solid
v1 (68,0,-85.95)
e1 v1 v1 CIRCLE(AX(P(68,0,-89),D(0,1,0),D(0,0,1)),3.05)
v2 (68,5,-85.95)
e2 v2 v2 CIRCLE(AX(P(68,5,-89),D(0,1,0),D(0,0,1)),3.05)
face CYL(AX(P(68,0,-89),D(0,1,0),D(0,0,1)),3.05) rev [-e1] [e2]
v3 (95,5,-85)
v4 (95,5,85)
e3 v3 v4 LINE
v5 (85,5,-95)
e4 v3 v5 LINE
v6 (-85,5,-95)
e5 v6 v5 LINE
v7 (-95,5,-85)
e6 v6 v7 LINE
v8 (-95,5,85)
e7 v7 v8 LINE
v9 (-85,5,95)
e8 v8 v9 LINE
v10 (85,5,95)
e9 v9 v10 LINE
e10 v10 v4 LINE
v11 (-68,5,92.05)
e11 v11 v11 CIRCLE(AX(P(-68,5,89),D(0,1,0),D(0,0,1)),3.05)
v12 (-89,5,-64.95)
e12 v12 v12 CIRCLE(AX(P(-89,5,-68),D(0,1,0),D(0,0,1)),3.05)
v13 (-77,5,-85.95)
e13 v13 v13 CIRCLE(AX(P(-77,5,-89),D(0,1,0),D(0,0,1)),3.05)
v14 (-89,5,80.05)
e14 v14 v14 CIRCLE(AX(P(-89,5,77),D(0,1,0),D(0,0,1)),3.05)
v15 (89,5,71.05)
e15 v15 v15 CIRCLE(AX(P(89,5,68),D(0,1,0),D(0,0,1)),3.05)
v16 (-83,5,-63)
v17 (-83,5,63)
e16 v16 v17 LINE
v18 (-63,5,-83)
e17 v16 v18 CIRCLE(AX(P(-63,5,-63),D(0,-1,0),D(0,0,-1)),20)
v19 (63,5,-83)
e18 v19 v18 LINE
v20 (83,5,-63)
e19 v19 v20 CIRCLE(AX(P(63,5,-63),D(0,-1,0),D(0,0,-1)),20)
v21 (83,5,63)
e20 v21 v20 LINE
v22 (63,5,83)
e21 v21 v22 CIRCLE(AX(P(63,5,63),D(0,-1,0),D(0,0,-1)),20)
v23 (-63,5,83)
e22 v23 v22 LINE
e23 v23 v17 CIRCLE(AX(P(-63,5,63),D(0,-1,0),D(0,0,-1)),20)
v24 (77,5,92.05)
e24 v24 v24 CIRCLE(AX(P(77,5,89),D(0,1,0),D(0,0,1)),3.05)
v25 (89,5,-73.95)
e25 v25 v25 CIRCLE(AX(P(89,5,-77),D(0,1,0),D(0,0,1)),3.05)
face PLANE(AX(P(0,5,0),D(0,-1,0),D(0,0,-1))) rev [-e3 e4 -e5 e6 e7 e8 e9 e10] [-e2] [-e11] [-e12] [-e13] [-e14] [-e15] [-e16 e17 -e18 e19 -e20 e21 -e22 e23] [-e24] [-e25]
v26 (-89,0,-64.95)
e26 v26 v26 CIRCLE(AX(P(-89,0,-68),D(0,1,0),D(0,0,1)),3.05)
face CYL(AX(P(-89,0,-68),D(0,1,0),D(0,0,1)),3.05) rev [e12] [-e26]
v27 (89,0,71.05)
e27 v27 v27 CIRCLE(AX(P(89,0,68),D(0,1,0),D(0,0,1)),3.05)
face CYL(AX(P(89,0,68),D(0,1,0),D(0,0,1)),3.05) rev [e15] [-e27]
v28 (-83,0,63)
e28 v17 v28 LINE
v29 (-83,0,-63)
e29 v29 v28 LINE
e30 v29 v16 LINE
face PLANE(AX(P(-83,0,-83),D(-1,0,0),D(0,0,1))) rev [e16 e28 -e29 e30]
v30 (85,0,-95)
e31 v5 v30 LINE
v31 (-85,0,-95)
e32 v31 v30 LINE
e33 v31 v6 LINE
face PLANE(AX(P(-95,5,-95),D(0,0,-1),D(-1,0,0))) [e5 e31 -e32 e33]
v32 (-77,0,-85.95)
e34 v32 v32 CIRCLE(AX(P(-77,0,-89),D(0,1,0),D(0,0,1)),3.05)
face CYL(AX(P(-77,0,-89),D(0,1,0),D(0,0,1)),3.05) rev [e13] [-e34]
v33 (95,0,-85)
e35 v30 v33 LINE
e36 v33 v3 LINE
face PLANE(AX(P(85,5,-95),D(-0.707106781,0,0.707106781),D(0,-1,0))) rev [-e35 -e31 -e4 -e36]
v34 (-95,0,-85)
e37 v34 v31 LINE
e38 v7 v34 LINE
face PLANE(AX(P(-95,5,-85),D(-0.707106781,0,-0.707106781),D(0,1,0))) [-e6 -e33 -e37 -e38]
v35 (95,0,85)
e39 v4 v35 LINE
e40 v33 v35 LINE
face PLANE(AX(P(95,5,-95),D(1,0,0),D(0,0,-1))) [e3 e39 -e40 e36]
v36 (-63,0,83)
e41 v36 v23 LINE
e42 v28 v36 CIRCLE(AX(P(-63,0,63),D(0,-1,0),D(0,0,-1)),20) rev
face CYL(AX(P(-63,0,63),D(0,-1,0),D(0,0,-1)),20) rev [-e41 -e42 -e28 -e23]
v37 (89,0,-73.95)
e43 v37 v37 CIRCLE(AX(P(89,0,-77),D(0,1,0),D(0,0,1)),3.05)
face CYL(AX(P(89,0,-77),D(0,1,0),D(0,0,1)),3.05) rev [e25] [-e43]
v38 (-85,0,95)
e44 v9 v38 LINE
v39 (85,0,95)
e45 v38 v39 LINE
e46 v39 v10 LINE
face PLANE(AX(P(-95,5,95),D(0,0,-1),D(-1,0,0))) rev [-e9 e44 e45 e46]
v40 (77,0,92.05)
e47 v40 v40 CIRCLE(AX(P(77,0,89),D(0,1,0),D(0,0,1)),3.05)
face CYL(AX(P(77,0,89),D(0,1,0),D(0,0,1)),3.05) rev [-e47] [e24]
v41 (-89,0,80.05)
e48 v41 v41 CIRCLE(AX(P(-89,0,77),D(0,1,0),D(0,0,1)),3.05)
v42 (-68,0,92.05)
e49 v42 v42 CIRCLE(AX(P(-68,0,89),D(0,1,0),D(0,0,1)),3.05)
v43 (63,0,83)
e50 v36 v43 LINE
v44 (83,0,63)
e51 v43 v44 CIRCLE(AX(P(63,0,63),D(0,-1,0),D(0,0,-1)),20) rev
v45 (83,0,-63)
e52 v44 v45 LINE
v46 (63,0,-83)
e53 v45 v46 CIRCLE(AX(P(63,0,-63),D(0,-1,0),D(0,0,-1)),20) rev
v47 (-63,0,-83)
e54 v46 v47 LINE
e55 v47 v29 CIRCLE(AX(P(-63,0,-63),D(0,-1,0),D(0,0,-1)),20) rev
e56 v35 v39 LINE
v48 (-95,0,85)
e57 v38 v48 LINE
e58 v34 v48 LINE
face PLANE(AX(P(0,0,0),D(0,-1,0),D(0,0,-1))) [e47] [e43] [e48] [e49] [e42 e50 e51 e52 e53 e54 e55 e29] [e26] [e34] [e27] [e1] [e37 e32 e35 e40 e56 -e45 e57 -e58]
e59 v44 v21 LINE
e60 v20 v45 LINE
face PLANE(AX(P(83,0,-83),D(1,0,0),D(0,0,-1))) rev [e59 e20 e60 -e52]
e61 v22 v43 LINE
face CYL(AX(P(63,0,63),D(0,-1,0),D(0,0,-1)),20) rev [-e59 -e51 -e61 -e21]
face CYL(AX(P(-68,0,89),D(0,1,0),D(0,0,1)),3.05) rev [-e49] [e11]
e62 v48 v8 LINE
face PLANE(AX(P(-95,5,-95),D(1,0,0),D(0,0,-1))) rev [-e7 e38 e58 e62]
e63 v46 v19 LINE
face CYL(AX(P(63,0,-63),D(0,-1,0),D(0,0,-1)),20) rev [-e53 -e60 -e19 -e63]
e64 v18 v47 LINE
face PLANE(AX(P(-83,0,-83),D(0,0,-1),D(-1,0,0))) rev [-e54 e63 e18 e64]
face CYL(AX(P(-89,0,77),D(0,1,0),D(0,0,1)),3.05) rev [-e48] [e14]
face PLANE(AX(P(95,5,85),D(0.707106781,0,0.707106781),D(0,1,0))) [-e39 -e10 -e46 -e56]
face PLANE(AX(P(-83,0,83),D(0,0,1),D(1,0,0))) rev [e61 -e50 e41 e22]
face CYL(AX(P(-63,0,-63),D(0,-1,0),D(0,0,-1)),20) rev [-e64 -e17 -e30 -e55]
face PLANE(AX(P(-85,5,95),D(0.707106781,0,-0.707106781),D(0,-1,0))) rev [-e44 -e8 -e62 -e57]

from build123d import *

# Parameters (mm, degrees)
SKETCH1_W           = 190
SKETCH1_H           = 190
BOSS_EXTRUDE1_DEPTH = 5
SKETCH2_W           = 166
SKETCH2_H           = 166
CUT_EXTRUDE1_DEPTH  = 135.443296597
FILLET1_R           = 20
SKETCH3_R           = 3.05
CUT_EXTRUDE2_DEPTH  = 135.443296597
CHAMFER1_SIZE       = 10


with BuildPart() as part:
    # Sketch1 → Boss-Extrude1 (new body)
    with BuildSketch(Plane(origin=(0, 0, 0), x_dir=(1, 0, 0), z_dir=(0, 1, 0))):
        Rectangle(SKETCH1_W, SKETCH1_H)
    extrude(amount=BOSS_EXTRUDE1_DEPTH)

    # Sketch2 → Cut-Extrude1 (cut, through all)
    with BuildSketch(Plane(origin=(0, 5, 0), x_dir=(1, 0, 0), z_dir=(0, 1, 0))):
        Rectangle(SKETCH2_W, SKETCH2_H)
    extrude(amount=-CUT_EXTRUDE1_DEPTH, mode=Mode.SUBTRACT)

    # Fillet1
    fillet1_edges = [part.edges().sort_by_distance(p)[0] for p in [
        (83, 2.5, -83),
        (83, 2.5, 83),
        (-83, 2.5, 83),
        (-83, 2.5, -83),
    ]]
    fillet(fillet1_edges, radius=FILLET1_R)

    # Sketch3 → Cut-Extrude2 (cut, through all)
    with BuildSketch(Plane(origin=(0, 5, 0), x_dir=(1, 0, 0), z_dir=(0, 1, 0))):
        with Locations(Location((-77, 89, 0), (0, 0, 270))):
            Circle(SKETCH3_R)
        with Locations(Location((-89, 68, 0), (0, 0, 270))):
            Circle(SKETCH3_R)
        with Locations(Location((89, 77, 0), (0, 0, 270))):
            Circle(SKETCH3_R)
        with Locations(Location((68, 89, 0), (0, 0, 270))):
            Circle(SKETCH3_R)
        with Locations(Location((77, -89, 0), (0, 0, 270))):
            Circle(SKETCH3_R)
        with Locations(Location((89, -68, 0), (0, 0, 270))):
            Circle(SKETCH3_R)
        with Locations(Location((-89, -77, 0), (0, 0, 270))):
            Circle(SKETCH3_R)
        with Locations(Location((-68, -89, 0), (0, 0, 270))):
            Circle(SKETCH3_R)
    extrude(amount=-CUT_EXTRUDE2_DEPTH, mode=Mode.SUBTRACT)

    # Chamfer1
    chamfer1_edges = [part.edges().sort_by_distance(p)[0] for p in [
        (-95, 2.5, -95),
        (-95, 2.5, 95),
        (95, 2.5, 95),
        (95, 2.5, -95),
    ]]
    chamfer(chamfer1_edges, length=CHAMFER1_SIZE)


solid = part.part
